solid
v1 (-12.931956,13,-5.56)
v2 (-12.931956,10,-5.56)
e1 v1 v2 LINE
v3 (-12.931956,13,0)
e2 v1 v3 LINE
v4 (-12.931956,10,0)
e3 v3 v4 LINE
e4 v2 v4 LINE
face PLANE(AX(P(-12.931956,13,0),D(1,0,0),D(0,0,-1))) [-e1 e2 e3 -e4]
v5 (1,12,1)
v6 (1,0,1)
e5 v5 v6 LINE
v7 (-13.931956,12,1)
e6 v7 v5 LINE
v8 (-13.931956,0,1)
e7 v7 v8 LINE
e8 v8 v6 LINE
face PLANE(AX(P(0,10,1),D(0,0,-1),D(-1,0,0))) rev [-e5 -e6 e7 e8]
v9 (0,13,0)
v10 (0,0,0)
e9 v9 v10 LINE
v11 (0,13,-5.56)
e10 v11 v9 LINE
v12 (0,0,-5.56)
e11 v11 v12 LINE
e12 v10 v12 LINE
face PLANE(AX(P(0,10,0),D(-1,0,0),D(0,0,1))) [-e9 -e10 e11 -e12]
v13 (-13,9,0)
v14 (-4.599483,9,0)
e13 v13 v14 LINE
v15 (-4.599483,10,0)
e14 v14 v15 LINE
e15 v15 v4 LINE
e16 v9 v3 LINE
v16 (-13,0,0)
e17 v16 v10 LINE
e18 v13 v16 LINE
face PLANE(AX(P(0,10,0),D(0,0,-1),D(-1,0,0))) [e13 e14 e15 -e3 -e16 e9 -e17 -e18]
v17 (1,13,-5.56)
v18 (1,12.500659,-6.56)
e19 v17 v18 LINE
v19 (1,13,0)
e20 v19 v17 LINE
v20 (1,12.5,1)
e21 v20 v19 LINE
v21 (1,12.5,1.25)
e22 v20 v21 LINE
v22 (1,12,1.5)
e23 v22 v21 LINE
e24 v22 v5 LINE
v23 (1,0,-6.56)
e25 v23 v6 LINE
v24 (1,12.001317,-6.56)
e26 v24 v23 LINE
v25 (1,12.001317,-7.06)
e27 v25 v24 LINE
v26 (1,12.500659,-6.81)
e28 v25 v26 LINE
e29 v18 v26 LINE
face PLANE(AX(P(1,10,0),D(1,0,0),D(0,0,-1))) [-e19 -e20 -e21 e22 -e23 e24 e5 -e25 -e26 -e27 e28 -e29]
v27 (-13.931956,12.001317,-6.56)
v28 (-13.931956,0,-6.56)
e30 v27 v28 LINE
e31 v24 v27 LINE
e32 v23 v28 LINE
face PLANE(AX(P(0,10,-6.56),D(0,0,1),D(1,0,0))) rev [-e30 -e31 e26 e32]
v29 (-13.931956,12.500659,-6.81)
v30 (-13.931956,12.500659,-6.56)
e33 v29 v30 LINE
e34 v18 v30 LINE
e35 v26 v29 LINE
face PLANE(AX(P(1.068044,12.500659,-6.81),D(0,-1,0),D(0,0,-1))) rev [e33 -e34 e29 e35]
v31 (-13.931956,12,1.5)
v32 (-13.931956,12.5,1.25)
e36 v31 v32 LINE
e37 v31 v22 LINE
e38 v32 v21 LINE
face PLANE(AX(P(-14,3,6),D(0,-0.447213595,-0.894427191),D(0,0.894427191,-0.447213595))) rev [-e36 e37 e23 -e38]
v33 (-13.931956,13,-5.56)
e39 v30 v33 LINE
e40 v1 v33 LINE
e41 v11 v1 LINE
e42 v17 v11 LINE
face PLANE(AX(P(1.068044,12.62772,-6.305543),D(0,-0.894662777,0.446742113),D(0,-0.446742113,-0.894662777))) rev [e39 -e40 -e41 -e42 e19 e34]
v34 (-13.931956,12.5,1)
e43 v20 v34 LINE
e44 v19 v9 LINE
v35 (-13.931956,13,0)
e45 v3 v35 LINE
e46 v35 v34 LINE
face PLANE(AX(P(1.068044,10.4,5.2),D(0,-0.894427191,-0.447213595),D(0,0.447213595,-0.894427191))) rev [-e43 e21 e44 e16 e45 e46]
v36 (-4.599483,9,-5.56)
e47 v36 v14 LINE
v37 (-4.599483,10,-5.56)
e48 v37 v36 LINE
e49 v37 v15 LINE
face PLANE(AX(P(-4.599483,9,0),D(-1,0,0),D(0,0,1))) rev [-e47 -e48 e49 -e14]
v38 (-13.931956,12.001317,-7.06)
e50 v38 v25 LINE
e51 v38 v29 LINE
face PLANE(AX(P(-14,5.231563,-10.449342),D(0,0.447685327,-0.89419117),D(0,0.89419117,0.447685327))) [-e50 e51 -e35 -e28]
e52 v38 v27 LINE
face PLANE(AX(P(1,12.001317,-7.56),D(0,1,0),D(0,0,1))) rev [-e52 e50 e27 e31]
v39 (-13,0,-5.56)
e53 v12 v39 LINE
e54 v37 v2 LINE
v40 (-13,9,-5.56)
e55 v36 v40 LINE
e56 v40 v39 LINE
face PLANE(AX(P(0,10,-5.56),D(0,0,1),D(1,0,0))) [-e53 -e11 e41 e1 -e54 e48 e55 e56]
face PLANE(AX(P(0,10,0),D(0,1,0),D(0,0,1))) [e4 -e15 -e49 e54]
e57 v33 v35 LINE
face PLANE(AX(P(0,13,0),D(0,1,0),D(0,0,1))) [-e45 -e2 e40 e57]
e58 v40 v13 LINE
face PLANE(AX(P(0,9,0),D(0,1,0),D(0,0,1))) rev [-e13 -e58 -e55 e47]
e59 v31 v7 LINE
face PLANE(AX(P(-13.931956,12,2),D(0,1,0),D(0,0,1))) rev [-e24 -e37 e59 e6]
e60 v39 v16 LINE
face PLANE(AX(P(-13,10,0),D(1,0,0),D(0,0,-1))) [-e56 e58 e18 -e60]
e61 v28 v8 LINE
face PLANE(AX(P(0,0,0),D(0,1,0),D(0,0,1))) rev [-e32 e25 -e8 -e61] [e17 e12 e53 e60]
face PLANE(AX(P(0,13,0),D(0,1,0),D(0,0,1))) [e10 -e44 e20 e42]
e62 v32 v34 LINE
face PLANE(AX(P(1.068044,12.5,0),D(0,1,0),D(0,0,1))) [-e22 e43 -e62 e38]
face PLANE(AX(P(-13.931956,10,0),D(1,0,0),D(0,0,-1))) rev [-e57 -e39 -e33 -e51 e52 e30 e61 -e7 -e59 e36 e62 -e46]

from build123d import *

# Parameters (mm, degrees)
BOSS_EXTRUDE1_DEPTH = 10
SKETCH2_W           = 1.866494487
SKETCH2_H           = 2.78
SKETCH2_H_2         = 1
BOSS_EXTRUDE2_DEPTH = 1
BOSS_EXTRUDE3_DEPTH = 3
SKETCH4_W           = 14.931955898
SKETCH4_H           = 1
BOSS_EXTRUDE4_DEPTH = 1
SKETCH5_W           = 14.931955898
SKETCH5_H           = 0.998682686
BOSS_EXTRUDE5_DEPTH = 1
CUT_EXTRUDE1_DEPTH  = 15
CUT_EXTRUDE2_DEPTH  = 15
CUT_EXTRUDE3_DEPTH  = 15


with BuildPart() as part:
    # Sketch1 → Boss-Extrude1 (new body)
    with BuildSketch(Plane(origin=(0, 0, 0), x_dir=(1, 0, 0), z_dir=(0, 1, 0))):
        Polygon((-13.931955898, 6.56), (-13.931955898, -1), (-13, -1), (-13, 0), (-13, 5.56), (0, 5.56), (0, 0), (1, 0), (1, 5.56), (1, 6.56), (-12.931955898, 6.56), align=None)
        Polygon((0, -1), (1, -1), (1, 0), (0, 0), (-13, 0), (-13, -1), align=None)
    extrude(amount=BOSS_EXTRUDE1_DEPTH)

    # Sketch2 → Boss-Extrude2 (add)
    with BuildSketch(Plane(origin=(0, 10, 0), x_dir=(1, 0, 0), z_dir=(0, 1, 0))):
        Polygon((-13, 0), (-6.465977949, 0), (-6.465977949, 2.78), (-6.465977949, 5.56), (-13, 5.56), align=None)
        with Locations((-5.532730706, 4.17)):
            Rectangle(SKETCH2_W, SKETCH2_H)
        with Locations((-5.532730706, 1.39)):
            Rectangle(SKETCH2_W, SKETCH2_H)
        Polygon((-13.931955898, -1), (-6.465977949, -1), (-6.465977949, 0), (-13, 0), (-13, 5.56), (-6.465977949, 5.56), (-6.465977949, 6.56), (-13.931955898, 6.56), align=None)
        with Locations((-5.532730706, -0.5)):
            Rectangle(SKETCH2_W, SKETCH2_H_2)
        with Locations((-5.532730706, 6.06)):
            Rectangle(SKETCH2_W, SKETCH2_H_2)
    extrude(amount=-BOSS_EXTRUDE2_DEPTH)

    # Sketch3 → Boss-Extrude3 (add)
    with BuildSketch(Plane(origin=(0, 10, 0), x_dir=(1, 0, 0), z_dir=(0, 1, 0))):
        Polygon((1, 6.56), (-12.931955898, 6.56), (-12.931955898, 5.56), (-4.599483462, 5.56), (0, 5.56), (0, 0), (-4.599483462, 0), (-12.931955898, 0), (-12.931955898, -1), (1, -1), align=None)
        Polygon((-12.931955898, 6.56), (-13.931955898, 6.56), (-13.931955898, -1), (-12.931955898, -1), (-12.931955898, 0), (-12.931955898, 5.56), align=None)
    extrude(amount=BOSS_EXTRUDE3_DEPTH)

    # Sketch4 → Boss-Extrude4 (add)
    with BuildSketch(Plane.XY.offset(1)):
        with Locations((-6.465977949, 12.5)):
            Rectangle(SKETCH4_W, SKETCH4_H)
    extrude(amount=BOSS_EXTRUDE4_DEPTH)

    # Sketch5 → Boss-Extrude5 (add)
    with BuildSketch(Plane(origin=(0, 0, -6.56), x_dir=(-1, 0, 0), z_dir=(0, 0, -1))):
        with Locations((6.465977949, 12.500658657)):
            Rectangle(SKETCH5_W, SKETCH5_H)
    extrude(amount=BOSS_EXTRUDE5_DEPTH)

    # Sketch6 → Cut-Extrude1 (cut)
    with BuildSketch(Plane.ZY.offset(13.931955898)):
        Polygon((-7.56, 12.001317314), (-6.56, 13), (-7.56, 13), align=None)
        Polygon((1, 13), (2, 12), (2, 13), align=None)
    extrude(amount=-CUT_EXTRUDE1_DEPTH, mode=Mode.SUBTRACT)

    # Sketch7 → Cut-Extrude2 (cut)
    with BuildSketch(Plane(origin=(1, 0, 0), x_dir=(0, 0, -1), z_dir=(1, 0, 0))):
        Polygon((-1.5, 12), (-1, 13), (-2, 12), align=None)
        Polygon((7.56, 12.001317314), (6.56, 13), (7.06, 12.001317314), align=None)
    extrude(amount=-CUT_EXTRUDE2_DEPTH, mode=Mode.SUBTRACT)

    # Sketch12 → Cut-Extrude3 (cut)
    with BuildSketch(Plane.ZY.offset(13.931955898)):
        Polygon((-6.81, 12.500658657), (-6.56, 12.500658657), (-6.56, 13), align=None)
        Polygon((-6.56, 13), (-6.56, 12.500658657), (-5.56, 13), align=None)
        Polygon((1.25, 12.5), (1, 13), (1, 12.5), align=None)
        Polygon((1, 12.5), (1, 13), (0, 13), align=None)
    extrude(amount=-CUT_EXTRUDE3_DEPTH, mode=Mode.SUBTRACT)


solid = part.part
